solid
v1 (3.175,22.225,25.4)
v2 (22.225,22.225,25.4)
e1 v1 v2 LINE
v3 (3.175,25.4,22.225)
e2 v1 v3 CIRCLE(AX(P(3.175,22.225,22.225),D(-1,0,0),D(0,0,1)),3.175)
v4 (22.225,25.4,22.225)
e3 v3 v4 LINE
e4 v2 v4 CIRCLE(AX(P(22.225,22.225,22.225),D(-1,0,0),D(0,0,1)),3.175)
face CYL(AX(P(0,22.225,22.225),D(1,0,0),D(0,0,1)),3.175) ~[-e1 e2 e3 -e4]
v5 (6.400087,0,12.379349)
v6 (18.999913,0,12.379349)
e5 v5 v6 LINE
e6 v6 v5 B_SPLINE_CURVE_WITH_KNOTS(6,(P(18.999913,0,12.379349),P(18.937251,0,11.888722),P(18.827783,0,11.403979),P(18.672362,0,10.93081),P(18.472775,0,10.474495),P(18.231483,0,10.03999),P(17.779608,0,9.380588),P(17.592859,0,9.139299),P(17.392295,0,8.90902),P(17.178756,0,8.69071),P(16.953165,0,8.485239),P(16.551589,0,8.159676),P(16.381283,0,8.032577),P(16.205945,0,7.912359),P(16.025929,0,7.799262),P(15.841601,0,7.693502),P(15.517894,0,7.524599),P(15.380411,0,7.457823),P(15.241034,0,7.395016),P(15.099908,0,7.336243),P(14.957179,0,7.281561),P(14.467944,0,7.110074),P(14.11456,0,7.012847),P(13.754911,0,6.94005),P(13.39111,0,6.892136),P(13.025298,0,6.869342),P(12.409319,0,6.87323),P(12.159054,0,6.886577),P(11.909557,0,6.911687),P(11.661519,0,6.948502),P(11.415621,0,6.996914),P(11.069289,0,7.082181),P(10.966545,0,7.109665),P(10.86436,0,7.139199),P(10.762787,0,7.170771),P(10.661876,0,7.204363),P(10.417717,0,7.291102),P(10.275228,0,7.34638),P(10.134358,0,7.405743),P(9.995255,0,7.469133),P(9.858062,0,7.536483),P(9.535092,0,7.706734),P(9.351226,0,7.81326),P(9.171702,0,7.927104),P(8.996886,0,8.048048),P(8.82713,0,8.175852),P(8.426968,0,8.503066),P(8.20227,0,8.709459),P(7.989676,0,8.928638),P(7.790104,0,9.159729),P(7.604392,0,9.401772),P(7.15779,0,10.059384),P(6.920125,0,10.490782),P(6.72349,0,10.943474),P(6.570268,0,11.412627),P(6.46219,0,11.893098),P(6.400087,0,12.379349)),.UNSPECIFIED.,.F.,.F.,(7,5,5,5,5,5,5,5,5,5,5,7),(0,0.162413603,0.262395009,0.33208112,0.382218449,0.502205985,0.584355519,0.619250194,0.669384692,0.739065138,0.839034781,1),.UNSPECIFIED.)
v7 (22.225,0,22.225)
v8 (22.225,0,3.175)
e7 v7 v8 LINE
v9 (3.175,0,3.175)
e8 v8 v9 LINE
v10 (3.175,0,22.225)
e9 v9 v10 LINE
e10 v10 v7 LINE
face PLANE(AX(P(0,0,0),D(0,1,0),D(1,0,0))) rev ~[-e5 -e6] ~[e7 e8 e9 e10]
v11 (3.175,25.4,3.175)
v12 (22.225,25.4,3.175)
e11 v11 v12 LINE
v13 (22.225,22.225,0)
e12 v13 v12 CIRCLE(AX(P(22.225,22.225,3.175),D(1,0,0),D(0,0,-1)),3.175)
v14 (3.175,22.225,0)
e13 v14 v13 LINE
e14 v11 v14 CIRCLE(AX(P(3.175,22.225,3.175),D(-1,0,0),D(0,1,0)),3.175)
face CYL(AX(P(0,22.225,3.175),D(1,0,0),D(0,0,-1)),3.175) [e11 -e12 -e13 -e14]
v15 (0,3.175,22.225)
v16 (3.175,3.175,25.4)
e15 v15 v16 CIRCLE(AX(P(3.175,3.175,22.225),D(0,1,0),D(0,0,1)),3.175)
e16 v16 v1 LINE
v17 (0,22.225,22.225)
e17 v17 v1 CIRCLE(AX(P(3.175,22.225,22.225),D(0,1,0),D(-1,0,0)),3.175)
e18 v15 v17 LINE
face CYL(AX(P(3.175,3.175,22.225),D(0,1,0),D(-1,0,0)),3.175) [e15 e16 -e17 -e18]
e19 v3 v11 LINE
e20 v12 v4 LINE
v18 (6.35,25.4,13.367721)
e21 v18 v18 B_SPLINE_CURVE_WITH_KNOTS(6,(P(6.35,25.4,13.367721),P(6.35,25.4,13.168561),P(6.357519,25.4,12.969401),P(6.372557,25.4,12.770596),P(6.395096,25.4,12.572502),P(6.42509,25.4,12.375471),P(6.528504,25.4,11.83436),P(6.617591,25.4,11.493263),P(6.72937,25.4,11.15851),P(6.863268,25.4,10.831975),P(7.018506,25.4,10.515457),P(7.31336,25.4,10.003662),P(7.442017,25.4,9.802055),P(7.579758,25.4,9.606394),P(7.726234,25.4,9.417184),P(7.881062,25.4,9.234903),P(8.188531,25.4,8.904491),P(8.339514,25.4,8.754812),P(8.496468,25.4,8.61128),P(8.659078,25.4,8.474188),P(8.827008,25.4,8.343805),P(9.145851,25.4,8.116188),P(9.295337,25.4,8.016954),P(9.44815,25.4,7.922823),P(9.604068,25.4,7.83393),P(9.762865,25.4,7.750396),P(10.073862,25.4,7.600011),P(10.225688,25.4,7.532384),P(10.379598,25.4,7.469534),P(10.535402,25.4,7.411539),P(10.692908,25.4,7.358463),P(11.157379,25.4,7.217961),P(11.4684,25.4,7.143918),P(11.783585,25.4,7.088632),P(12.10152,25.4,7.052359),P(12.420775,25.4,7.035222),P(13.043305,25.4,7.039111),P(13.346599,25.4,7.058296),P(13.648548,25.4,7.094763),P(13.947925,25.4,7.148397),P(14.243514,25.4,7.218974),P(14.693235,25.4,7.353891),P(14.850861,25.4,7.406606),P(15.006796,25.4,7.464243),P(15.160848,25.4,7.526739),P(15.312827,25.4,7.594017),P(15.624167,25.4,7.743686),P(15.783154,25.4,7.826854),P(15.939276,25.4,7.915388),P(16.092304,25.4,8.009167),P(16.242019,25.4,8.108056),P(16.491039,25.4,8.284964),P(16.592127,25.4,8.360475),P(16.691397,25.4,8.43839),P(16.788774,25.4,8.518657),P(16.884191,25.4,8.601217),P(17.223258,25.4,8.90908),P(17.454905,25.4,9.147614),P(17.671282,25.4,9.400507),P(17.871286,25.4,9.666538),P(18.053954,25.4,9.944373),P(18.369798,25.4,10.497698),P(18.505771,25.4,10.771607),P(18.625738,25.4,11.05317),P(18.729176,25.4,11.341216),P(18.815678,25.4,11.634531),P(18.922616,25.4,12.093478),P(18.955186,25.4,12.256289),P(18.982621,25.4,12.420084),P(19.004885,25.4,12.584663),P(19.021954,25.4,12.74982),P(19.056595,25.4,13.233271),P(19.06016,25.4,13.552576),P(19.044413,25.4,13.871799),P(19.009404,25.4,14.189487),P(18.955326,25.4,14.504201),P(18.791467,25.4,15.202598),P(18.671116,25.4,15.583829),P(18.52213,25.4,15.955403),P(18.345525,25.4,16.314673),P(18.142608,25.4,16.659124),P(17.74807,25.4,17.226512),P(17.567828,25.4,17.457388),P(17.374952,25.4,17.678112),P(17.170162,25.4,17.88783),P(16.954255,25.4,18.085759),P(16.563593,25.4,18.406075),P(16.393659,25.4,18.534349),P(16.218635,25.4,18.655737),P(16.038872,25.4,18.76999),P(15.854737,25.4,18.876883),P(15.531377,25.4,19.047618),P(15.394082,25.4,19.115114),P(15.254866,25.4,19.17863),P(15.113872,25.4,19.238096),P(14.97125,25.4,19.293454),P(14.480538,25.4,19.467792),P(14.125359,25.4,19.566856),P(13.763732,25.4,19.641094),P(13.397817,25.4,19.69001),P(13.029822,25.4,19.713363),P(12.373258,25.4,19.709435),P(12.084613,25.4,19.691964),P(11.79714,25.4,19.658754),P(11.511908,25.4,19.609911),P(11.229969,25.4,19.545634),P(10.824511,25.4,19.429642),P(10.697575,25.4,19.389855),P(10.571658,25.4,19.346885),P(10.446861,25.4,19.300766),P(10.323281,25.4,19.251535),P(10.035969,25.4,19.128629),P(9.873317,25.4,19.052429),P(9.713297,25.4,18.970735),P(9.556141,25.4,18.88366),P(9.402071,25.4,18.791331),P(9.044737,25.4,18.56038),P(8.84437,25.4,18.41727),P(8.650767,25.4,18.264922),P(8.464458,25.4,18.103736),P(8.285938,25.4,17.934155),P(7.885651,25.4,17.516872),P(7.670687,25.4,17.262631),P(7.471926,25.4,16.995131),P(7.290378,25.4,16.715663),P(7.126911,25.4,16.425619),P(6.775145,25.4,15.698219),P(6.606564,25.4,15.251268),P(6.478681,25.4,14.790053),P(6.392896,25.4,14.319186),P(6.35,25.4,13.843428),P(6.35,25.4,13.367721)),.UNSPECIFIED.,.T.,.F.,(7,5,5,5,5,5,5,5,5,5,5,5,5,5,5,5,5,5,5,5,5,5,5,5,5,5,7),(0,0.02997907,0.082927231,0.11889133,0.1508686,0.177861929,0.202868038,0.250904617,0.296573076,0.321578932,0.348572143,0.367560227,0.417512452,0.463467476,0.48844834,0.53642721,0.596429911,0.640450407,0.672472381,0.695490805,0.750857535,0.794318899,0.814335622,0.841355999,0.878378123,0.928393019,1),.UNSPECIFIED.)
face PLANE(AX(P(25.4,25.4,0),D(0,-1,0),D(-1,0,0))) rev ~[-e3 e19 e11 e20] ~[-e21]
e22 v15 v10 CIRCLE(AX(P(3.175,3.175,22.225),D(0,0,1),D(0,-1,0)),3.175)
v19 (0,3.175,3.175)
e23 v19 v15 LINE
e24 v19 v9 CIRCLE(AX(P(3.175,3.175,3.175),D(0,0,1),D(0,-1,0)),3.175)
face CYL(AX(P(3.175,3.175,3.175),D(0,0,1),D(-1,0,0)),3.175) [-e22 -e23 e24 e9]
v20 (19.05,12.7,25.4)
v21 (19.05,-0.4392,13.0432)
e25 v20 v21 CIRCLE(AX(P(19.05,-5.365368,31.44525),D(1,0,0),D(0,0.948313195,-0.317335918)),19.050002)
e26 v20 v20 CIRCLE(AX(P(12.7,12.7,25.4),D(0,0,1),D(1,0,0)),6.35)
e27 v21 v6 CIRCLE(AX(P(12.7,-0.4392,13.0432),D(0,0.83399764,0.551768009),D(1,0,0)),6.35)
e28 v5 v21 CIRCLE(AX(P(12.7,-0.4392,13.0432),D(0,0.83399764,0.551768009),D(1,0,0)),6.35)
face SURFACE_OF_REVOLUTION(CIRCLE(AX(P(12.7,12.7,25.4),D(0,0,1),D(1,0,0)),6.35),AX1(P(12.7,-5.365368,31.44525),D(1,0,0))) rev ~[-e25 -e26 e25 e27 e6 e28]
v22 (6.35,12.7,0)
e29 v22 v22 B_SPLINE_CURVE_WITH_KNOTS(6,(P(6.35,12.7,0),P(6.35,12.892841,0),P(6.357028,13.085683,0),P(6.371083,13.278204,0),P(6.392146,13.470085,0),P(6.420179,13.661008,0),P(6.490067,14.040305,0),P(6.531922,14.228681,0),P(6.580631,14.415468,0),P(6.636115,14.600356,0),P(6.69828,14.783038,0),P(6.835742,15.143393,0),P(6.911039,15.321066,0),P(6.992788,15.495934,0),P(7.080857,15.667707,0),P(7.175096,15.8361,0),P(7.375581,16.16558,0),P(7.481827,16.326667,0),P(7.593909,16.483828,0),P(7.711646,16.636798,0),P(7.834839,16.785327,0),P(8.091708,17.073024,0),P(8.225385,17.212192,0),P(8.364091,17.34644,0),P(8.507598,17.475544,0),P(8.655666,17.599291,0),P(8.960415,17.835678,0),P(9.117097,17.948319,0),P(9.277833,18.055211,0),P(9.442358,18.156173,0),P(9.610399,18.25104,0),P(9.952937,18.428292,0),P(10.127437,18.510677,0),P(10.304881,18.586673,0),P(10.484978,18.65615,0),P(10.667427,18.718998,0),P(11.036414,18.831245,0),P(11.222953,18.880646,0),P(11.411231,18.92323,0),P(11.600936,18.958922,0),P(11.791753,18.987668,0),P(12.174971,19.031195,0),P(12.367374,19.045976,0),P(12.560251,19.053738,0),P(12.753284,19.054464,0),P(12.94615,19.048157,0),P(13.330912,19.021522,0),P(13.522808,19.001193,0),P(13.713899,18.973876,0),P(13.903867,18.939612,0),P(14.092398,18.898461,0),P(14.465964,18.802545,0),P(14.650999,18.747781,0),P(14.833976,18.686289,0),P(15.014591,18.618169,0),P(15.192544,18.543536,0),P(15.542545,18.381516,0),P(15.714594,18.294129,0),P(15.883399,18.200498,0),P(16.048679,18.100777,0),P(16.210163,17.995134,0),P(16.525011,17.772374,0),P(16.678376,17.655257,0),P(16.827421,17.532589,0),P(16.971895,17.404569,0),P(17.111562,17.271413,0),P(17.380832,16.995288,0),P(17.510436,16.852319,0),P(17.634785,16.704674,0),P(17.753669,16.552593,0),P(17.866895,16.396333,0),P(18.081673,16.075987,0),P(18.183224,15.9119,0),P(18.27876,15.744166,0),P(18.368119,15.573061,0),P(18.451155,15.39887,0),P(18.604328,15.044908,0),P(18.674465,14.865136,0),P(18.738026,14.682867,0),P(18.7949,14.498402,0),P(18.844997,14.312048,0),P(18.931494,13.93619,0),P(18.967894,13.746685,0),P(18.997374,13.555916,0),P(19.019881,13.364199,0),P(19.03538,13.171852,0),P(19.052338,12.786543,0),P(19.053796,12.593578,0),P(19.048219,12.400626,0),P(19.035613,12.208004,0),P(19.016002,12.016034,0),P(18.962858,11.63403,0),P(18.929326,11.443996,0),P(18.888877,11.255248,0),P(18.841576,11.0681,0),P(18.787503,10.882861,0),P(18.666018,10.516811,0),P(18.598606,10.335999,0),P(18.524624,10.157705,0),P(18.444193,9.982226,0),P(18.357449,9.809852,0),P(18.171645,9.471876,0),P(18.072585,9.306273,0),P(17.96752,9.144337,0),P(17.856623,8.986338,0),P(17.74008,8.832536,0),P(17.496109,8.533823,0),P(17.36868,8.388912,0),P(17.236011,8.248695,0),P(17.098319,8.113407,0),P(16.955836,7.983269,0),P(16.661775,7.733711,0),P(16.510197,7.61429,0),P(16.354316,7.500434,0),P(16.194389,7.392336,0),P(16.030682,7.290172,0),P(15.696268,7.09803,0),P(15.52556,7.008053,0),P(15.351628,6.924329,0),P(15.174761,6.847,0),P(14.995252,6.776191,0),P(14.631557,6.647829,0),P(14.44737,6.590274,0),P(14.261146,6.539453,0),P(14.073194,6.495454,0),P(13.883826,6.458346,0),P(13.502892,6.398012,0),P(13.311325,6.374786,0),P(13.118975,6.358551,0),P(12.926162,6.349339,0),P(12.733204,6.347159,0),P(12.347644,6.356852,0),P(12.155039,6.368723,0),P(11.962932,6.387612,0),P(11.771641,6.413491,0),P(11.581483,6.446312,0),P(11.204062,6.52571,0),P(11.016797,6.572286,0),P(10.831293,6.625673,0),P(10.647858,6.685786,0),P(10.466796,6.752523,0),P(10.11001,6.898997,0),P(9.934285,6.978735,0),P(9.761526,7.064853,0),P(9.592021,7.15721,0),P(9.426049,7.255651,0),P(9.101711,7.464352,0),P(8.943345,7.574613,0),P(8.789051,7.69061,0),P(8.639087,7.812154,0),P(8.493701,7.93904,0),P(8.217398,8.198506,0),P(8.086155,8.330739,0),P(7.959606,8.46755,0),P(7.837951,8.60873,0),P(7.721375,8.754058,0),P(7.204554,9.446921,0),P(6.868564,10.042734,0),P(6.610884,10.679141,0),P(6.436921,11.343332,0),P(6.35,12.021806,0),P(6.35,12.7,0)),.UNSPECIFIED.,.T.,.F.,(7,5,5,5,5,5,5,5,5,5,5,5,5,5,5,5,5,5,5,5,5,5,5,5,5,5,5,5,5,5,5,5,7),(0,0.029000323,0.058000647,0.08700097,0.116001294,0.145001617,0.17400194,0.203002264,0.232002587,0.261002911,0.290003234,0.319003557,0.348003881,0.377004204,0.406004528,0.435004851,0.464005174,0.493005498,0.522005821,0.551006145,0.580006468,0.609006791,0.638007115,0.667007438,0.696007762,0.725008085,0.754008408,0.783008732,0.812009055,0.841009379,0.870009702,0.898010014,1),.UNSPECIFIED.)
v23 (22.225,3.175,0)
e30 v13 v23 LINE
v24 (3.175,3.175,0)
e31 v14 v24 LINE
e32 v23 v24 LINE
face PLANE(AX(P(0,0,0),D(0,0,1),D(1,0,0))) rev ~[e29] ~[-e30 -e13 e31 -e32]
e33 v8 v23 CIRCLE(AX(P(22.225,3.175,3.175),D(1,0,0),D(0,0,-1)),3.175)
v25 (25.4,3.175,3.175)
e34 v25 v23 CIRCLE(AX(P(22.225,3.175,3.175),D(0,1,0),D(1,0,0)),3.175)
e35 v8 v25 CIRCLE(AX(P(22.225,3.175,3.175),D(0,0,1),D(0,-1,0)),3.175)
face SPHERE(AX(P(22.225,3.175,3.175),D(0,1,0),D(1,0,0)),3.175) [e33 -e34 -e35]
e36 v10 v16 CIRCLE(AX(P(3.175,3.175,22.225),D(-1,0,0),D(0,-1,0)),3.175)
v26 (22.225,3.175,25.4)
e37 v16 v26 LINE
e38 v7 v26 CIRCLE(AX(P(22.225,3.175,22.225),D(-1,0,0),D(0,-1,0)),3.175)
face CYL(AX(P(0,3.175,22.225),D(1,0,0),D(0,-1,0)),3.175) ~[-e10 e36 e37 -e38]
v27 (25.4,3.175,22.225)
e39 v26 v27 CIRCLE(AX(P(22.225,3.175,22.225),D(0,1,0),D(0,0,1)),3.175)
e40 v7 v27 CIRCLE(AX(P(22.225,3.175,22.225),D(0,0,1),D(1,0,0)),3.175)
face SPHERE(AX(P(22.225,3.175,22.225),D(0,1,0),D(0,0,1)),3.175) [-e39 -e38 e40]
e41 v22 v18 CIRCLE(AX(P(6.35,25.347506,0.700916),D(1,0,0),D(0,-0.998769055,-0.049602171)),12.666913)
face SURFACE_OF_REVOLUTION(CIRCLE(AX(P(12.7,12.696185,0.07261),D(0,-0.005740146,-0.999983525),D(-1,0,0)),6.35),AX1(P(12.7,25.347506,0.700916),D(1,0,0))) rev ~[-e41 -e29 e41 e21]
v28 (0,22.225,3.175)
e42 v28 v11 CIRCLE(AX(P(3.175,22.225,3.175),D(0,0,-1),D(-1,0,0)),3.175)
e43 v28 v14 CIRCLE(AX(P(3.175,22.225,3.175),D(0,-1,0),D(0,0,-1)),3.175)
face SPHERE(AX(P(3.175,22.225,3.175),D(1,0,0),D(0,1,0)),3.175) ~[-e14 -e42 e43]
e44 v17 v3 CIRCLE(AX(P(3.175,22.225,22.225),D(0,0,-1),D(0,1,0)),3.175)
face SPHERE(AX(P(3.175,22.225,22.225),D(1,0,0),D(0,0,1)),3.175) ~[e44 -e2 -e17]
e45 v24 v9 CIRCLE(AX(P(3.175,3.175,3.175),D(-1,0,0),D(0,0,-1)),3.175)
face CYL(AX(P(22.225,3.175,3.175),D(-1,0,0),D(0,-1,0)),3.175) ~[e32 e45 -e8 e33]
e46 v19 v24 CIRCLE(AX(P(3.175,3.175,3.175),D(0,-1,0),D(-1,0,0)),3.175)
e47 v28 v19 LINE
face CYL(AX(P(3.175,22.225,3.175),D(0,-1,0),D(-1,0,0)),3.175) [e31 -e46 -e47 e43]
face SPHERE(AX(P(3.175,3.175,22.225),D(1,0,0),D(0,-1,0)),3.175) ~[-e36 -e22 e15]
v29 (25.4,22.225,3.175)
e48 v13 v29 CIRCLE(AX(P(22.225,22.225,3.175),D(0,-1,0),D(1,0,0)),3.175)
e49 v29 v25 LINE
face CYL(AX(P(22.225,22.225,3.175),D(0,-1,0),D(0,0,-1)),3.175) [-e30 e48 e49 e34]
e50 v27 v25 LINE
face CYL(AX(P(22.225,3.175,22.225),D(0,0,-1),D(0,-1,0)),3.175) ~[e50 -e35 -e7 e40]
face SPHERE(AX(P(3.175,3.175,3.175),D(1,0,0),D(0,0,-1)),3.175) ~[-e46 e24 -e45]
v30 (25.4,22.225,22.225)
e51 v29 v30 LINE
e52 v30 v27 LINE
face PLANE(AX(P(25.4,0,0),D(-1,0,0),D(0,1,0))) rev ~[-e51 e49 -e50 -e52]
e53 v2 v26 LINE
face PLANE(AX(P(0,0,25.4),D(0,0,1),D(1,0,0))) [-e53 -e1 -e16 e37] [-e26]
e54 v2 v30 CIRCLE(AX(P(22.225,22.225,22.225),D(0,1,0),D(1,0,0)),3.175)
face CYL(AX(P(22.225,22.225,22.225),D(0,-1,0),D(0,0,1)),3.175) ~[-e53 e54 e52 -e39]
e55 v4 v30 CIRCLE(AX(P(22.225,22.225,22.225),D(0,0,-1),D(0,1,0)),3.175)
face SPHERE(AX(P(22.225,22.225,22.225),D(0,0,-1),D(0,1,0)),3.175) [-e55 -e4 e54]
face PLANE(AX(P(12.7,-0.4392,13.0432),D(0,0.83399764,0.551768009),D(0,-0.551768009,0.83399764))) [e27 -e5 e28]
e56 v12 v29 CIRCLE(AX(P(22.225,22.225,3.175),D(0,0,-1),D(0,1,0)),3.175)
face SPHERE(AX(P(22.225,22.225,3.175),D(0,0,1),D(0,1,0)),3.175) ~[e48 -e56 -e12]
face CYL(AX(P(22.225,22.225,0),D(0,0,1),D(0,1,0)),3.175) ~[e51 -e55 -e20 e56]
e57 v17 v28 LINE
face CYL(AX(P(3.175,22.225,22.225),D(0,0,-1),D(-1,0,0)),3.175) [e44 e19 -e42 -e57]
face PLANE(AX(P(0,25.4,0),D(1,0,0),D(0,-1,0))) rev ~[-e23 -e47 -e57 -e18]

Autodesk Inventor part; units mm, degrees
ref_plane "YZ Plane" through (0, 0, 0) normal (1, 0, 0) x (0, 1, 0)
ref_plane "XZ Plane" through (0, 0, 0) normal (0, 1, 0) x (-1, 0, 0)
sketch "Sketch1" plane through (0, 0, 0) normal (0, 0, 1) x (1, 0, 0)
  line L0 (0, 0) -> (25.4, 0)
  line L1 (25.4, 0) -> (25.4, 25.4)
  line L2 (25.4, 25.4) -> (0, 25.4)
  line L3 (0, 25.4) -> (0, 0)
  dimension "d0" = 25.4
  dimension "d1" = 25.4
extrude "Extrusion1" add sketch "Sketch1" along normal blind 25.4
sketch "Sketch2" plane through (0, 25.4, 0) normal (0, 1, 0) x (1, 0, 0)
  line L0 (0, 0) -> (0, -25.4) projected
  line L1 (25.4, -25.4) -> (0, -25.4) projected
  circle A0 centre (12.7, -12.7) radius 6.35
  dimension "d4" = 12.7
  dimension "d5" = 12.7
  dimension "d6" = 12.7
sketch "Sketch3" plane through (0, 0, 25.4) normal (0, 0, 1) x (1, 0, 0)
  line L0 (25.4, 25.4) -> (0, 25.4) projected
  line L1 (0, 25.4) -> (0, 0) projected
  circle A0 centre (12.7, 12.7) radius 6.35
  dimension "d7" = 12.7
  dimension "d8" = 12.7
  dimension "d9" = 12.7
sketch "Sketch4" plane through (0, 0, 0) normal (0, -1, 0) x (1, 0, 0)
  line L0 (25.4, 0) -> (25.4, 25.4) projected
  line L1 (0, 25.4) -> (25.4, 25.4) projected
  circle A0 centre (12.7, 12.7) radius 6.35
  point P0 (0, 0)
  dimension "d10" = 12.7
  dimension "d11" = 12.7
  dimension "d12" = 12.7
sketch "Sketch5" plane through (0, 0, 0) normal (0, 0, -1) x (-1, 0, 0)
  line L0 (-25.4, 0) -> (-25.4, 25.4) projected
  line L1 (0, 0) -> (-25.4, 0) projected
  circle A0 centre (-12.7, 12.7) radius 6.35
  dimension "d13" = 12.7
  dimension "d14" = 12.7
  dimension "d15" = 12.7
ref_plane "Work Plane1" through (12.7, 12.7, 25.4) normal (1, 0, 0) x (0, 0, -1)
sketch "Sketch6" plane through (12.7, 12.7, 25.4) normal (1, 0, 0) x (0, 0, -1)
  line L0 (25.4, -12.7) -> (25.4, 12.7) projected
  arc A0 (25.4, 0) -> (12.7731, 12.6779) centre (7.1702, -5.5295) ccw
  arc A1 (25.4, 0) -> (12.7731, 12.6779) centre (25.4731, 12.6998) ccw
  arc A2 (0, 0) -> (12.3568, -13.1392) centre (-6.0452, -18.0654) ccw
  dimension "d17" = 19.05
  dimension "d18" = 12.7
  dimension "d19" = 19.05
sweep "Sweep1" add profiles "Sketch3" path "Sketch6" path curves A2
sketch "Sketch7" plane through (12.7, 12.7, 25.4) normal (1, 0, 0) x (0, 0, -1)
  arc A0 (25.3272, -0.0369) -> (12.0094, 12.137) centre (24.6991, 12.6475) ccw
  point P0 (25.4, -12.7)
  dimension "d23" = 12.7
sweep "Sweep2" add profiles "Sketch5" path "Sketch7"
fillet "Fillet1" radius 3.175 1 edges at (25.4, 25.4, 12.7)
fillet "Fillet2" radius 3.175 3 edges at (24.4701, 24.4701, 0) (11.1125, 25.4, 0) (25.4, 11.1125, 0)
fillet "Fillet3" radius 3.175 3 edges at (24.4701, 24.4701, 25.4) (11.1125, 25.4, 25.4) (25.4, 11.1125, 25.4)
fillet "Fillet4" radius 3.175 5 edges at (24.4701, 0, 24.4701) (11.1125, 0, 25.4) (24.4701, 0, 0.9299) (11.1125, 0, 0) (25.4, 0, 12.7)
fillet "Fillet5" radius 3.175 8 edges at (0, 0.9299, 24.4701) (0, 12.7, 25.4) (0, 24.4701, 24.4701) (0, 25.4, 12.7) (0, 24.4701, 0.9299) (0, 12.7, 0) (0, 0.9299, 0.9299) (0, 0, 12.7)
properties part number "Lauren's funky piece"
